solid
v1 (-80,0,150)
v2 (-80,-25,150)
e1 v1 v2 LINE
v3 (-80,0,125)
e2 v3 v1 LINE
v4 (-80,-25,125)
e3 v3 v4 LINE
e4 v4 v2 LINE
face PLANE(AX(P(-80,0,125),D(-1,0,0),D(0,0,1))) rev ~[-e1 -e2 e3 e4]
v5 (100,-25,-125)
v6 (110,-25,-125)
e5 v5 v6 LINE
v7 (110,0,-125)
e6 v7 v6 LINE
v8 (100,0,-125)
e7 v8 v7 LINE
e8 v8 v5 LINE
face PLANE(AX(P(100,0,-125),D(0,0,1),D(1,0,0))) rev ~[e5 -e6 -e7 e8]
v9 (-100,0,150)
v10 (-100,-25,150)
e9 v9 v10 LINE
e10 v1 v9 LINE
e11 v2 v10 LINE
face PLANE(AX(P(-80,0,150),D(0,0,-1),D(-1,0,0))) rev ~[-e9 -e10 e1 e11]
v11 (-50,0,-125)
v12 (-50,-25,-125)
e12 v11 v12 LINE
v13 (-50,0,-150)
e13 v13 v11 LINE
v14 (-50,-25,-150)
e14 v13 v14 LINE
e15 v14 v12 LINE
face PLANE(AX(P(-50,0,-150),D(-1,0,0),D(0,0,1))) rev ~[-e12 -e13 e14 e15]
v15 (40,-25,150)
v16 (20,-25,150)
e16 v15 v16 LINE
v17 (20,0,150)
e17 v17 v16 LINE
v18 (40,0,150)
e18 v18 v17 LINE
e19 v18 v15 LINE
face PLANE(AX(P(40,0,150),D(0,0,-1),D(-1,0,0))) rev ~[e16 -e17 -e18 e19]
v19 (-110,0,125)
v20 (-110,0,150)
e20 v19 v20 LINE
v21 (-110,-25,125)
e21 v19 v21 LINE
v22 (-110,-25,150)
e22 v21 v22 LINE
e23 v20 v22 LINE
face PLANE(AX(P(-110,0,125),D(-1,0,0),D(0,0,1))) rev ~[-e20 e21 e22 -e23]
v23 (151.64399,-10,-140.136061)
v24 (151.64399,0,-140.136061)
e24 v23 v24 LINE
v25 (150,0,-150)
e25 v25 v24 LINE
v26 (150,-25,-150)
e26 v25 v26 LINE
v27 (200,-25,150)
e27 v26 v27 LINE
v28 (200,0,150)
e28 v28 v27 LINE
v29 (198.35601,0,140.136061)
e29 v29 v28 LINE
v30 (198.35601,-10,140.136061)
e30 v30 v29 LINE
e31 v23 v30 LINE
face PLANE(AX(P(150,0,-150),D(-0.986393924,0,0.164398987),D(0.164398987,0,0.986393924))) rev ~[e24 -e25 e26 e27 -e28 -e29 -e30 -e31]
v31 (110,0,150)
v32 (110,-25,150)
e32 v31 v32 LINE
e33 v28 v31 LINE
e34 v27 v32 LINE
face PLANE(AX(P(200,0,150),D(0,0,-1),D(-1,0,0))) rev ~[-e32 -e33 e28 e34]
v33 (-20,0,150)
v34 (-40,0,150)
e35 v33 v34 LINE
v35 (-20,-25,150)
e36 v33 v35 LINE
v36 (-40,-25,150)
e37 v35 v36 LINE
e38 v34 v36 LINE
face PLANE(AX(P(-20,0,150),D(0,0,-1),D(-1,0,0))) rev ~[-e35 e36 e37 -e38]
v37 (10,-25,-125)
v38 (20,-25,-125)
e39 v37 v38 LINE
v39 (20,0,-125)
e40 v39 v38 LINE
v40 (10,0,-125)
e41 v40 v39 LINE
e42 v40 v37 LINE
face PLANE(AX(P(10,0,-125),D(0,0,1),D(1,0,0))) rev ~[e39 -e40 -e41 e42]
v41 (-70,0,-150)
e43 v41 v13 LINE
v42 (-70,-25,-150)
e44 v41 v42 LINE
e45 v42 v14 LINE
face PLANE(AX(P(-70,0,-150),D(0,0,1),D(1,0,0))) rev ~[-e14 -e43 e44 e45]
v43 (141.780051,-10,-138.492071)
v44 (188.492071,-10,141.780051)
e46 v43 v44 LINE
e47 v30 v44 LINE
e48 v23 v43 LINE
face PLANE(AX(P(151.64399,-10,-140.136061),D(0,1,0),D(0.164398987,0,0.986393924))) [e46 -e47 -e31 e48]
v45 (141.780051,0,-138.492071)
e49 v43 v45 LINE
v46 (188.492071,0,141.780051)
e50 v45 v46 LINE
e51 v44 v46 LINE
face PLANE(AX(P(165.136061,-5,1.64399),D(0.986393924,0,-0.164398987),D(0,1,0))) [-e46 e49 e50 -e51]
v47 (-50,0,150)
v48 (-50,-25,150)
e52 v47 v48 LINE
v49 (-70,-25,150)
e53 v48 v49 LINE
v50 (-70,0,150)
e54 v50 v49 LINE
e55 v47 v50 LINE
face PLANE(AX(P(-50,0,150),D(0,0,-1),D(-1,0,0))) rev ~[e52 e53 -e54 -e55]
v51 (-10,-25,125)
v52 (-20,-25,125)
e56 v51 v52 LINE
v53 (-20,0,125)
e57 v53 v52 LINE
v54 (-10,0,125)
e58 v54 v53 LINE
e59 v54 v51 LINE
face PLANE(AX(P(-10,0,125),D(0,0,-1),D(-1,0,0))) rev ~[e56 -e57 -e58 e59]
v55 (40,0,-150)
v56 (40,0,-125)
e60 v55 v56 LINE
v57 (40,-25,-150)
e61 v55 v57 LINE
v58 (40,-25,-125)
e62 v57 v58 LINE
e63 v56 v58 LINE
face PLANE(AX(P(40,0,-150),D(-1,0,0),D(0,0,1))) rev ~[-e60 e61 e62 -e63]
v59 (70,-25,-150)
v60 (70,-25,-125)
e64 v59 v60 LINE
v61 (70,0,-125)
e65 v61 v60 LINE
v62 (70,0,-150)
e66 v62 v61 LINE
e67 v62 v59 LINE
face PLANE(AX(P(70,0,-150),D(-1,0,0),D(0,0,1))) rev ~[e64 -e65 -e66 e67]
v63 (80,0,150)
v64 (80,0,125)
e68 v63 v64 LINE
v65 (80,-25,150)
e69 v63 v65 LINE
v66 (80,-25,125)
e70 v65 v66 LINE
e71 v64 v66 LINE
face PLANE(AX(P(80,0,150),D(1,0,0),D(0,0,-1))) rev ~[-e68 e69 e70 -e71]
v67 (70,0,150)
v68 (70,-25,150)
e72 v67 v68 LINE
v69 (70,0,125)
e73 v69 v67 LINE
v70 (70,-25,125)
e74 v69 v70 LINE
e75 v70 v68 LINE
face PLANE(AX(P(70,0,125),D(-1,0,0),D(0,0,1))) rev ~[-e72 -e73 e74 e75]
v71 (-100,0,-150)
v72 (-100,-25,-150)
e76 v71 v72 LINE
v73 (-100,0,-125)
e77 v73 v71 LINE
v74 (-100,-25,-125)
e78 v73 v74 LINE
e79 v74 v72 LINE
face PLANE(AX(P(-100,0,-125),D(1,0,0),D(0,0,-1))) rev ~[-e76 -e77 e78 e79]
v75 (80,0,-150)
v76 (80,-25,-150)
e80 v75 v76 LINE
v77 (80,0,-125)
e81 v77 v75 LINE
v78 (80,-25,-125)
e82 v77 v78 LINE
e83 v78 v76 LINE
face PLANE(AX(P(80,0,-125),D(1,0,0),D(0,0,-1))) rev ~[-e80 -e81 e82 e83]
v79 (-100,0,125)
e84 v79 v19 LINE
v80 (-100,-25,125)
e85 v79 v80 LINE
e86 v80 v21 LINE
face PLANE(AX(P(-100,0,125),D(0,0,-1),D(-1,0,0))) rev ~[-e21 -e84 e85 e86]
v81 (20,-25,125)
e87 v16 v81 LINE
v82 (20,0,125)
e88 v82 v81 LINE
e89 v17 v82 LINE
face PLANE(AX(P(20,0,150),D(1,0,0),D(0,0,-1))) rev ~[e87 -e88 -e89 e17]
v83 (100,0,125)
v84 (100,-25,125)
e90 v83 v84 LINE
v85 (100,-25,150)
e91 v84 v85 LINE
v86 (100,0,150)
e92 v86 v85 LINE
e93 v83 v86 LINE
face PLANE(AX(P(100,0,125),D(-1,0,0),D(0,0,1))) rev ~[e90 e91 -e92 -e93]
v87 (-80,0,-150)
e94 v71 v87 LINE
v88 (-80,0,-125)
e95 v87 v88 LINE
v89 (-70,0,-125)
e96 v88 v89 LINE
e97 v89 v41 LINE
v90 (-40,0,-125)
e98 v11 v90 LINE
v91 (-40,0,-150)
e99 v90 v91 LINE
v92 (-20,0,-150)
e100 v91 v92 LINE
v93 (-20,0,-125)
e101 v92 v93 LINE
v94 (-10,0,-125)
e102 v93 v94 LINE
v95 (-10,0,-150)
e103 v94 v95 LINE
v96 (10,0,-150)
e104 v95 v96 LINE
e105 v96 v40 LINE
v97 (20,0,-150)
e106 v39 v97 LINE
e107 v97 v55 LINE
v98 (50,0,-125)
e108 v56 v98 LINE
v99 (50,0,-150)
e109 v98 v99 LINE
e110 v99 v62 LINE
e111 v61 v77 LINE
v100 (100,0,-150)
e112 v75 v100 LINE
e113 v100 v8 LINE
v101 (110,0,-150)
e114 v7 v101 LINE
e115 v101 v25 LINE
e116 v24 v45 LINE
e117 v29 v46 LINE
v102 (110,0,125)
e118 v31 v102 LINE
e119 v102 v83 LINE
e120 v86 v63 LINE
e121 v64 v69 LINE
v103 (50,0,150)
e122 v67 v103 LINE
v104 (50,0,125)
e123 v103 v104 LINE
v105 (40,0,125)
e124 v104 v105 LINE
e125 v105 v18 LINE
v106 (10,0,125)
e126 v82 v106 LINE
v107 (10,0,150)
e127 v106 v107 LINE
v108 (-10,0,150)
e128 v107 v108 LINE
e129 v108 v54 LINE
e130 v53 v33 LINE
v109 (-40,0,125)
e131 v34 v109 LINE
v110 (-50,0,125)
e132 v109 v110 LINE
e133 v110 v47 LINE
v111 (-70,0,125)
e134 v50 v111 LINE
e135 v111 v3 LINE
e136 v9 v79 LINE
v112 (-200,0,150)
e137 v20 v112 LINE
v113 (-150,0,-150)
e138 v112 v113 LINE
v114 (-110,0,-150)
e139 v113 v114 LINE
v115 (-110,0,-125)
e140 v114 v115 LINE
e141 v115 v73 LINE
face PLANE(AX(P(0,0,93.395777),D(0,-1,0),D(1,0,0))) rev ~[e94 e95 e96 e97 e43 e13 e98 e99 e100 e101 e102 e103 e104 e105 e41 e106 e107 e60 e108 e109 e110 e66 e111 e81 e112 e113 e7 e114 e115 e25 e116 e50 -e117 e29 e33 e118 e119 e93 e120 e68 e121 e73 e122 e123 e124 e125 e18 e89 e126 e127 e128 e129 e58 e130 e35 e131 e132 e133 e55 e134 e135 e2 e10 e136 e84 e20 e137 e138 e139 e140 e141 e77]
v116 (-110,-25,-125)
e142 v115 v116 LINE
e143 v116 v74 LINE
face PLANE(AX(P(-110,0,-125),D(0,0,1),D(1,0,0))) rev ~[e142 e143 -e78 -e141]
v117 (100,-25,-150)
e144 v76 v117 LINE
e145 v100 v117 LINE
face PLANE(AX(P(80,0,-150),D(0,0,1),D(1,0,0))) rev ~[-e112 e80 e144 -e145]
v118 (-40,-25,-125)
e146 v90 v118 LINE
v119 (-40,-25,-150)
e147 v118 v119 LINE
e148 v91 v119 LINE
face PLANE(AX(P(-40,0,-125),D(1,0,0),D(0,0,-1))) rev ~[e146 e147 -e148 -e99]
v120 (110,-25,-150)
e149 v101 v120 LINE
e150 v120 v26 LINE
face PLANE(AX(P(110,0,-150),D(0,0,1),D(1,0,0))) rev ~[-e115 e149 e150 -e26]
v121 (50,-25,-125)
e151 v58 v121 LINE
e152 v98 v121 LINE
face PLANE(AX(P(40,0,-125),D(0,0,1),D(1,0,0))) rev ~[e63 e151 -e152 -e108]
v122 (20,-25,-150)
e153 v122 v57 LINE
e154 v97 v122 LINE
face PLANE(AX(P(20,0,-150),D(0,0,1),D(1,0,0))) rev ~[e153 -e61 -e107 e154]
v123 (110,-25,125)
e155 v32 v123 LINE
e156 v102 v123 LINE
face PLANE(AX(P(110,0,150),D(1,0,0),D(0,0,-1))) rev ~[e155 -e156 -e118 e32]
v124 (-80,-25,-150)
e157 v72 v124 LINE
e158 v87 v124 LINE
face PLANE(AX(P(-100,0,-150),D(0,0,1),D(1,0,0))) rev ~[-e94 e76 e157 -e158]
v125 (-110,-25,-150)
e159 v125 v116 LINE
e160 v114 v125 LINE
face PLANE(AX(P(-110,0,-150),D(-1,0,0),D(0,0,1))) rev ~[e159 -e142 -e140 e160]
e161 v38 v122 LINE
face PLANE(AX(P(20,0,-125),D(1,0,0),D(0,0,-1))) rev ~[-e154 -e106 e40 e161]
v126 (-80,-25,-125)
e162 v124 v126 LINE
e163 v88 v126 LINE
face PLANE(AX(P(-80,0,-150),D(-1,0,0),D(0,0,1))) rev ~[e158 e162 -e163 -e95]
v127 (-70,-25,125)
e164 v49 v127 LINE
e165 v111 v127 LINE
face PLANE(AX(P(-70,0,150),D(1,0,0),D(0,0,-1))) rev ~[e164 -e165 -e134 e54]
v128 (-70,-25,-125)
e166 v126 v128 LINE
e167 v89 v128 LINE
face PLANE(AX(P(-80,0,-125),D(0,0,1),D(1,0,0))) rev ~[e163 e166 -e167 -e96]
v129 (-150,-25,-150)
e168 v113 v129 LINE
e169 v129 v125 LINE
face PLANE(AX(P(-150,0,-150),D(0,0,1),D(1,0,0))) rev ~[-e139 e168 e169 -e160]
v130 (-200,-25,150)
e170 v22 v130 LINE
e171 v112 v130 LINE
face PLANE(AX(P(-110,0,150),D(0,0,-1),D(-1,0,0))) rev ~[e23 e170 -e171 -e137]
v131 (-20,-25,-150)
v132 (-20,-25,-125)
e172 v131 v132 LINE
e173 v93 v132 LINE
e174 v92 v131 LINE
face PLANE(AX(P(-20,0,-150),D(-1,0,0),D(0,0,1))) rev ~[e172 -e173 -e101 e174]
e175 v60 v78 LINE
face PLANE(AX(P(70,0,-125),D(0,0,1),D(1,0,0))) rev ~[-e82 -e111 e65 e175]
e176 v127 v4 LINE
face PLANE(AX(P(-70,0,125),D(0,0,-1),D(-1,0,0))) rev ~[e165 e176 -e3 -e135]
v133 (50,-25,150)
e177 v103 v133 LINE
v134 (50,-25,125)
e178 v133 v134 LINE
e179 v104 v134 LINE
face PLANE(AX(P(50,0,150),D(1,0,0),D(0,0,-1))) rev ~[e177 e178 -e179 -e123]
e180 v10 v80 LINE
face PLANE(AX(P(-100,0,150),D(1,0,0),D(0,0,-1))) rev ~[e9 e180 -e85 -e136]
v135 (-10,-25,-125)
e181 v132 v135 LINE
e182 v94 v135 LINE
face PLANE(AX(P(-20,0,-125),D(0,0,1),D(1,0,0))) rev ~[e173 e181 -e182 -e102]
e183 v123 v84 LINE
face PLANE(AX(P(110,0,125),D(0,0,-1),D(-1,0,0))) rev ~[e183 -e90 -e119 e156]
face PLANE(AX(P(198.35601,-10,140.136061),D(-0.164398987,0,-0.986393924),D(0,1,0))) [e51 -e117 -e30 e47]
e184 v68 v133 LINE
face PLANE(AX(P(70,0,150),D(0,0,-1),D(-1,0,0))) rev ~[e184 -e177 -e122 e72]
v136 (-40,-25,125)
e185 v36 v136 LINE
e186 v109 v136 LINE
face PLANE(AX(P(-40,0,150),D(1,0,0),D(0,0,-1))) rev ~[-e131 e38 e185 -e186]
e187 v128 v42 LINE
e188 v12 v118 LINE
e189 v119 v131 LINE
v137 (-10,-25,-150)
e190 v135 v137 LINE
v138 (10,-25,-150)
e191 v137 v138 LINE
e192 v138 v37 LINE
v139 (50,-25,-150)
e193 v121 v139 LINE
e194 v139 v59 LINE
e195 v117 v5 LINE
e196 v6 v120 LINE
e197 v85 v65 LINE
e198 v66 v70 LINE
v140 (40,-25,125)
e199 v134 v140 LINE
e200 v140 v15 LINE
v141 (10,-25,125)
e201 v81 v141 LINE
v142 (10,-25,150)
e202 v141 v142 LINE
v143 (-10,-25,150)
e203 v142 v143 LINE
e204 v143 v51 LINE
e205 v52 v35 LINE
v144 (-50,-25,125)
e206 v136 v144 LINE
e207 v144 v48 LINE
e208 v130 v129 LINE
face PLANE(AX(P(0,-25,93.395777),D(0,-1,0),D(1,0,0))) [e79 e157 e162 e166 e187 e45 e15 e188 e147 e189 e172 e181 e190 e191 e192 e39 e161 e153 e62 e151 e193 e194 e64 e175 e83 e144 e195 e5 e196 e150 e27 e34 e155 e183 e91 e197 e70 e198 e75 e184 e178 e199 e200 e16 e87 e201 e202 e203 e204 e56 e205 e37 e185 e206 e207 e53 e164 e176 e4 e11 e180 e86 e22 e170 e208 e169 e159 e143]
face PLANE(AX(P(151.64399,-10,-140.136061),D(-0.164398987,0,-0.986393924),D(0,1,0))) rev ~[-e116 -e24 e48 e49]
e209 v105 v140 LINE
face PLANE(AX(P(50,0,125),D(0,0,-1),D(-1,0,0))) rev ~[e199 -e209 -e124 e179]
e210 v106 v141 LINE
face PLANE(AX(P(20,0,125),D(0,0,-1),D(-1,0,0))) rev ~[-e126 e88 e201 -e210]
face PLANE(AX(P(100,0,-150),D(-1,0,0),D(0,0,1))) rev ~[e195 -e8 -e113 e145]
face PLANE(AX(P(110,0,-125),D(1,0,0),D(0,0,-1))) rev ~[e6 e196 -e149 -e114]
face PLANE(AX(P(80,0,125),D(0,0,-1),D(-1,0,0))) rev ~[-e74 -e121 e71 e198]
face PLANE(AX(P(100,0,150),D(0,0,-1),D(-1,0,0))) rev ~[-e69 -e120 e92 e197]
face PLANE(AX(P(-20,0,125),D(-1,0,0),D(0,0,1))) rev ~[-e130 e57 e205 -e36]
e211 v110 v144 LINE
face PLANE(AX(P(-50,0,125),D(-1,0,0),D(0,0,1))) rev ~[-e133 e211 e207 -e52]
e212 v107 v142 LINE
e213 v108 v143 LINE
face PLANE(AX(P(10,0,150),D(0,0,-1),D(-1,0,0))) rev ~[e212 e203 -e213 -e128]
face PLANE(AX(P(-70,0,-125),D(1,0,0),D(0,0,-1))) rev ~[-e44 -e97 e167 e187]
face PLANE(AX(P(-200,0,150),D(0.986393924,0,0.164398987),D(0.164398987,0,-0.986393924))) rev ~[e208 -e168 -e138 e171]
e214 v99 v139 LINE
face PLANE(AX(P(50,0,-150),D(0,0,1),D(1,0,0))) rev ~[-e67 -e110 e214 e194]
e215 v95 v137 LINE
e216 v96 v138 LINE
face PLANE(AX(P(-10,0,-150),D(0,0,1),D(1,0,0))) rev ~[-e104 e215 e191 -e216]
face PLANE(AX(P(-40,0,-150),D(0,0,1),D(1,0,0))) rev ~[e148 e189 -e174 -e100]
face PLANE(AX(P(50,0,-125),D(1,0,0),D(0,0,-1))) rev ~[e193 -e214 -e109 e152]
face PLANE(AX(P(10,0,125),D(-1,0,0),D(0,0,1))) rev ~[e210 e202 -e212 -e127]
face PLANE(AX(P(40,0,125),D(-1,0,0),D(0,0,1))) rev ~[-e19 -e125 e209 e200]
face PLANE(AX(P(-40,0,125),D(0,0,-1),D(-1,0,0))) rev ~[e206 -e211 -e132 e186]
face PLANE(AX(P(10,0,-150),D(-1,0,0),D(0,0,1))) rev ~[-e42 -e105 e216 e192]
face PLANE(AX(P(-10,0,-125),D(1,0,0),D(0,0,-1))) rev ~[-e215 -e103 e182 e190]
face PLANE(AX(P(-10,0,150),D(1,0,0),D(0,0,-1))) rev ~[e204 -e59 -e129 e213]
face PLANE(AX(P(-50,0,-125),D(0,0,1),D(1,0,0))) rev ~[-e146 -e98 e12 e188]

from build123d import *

# Parameters (mm, degrees)
F1_DEPTH = 25
F2_W     = 10
F2_H     = 284.1381265149
F3_DEPTH = 10


with BuildPart() as f1:
    # F0 (on Front) → F1 (new body)
    with BuildSketch(Plane.XZ):
        Polygon((-175, 0), (175, 0), (200, 150), (110, 150), (110, 125), (100, 125), (100, 150), (80, 150), (80, 125), (70, 125), (70, 150), (50, 150), (50, 125), (40, 125), (40, 150), (20, 150), (20, 125), (10, 125), (10, 150), (-10, 150), (-10, 125), (-20, 125), (-20, 150), (-40, 150), (-40, 125), (-50, 125), (-50, 150), (-70, 150), (-70, 125), (-80, 125), (-80, 150), (-100, 150), (-100, 125), (-110, 125), (-110, 150), (-200, 150), align=None)
        Polygon((110, -150), (150, -150), (175, 0), (-175, 0), (-150, -150), (-110, -150), (-110, -125), (-100, -125), (-100, -150), (-80, -150), (-80, -125), (-70, -125), (-70, -150), (-50, -150), (-50, -125), (-40, -125), (-40, -150), (-20, -150), (-20, -125), (-10, -125), (-10, -150), (10, -150), (10, -125), (20, -125), (20, -150), (40, -150), (40, -125), (50, -125), (50, -150), (70, -150), (70, -125), (80, -125), (80, -150), (100, -150), (100, -125), (110, -125), align=None)
    extrude(amount=F1_DEPTH)

    # F2 (on face) → F3 (cut)
    with BuildSketch(Plane(origin=(170.2702702703, 0, -28.3783783784), x_dir=(0, 1, 0), z_dir=(0.9863939238, 0, -0.1643989873))):
        with Locations((-5, 28.7698227784)):
            Rectangle(F2_W, F2_H)
    extrude(amount=-F3_DEPTH, mode=Mode.SUBTRACT)


solid = f1.part
